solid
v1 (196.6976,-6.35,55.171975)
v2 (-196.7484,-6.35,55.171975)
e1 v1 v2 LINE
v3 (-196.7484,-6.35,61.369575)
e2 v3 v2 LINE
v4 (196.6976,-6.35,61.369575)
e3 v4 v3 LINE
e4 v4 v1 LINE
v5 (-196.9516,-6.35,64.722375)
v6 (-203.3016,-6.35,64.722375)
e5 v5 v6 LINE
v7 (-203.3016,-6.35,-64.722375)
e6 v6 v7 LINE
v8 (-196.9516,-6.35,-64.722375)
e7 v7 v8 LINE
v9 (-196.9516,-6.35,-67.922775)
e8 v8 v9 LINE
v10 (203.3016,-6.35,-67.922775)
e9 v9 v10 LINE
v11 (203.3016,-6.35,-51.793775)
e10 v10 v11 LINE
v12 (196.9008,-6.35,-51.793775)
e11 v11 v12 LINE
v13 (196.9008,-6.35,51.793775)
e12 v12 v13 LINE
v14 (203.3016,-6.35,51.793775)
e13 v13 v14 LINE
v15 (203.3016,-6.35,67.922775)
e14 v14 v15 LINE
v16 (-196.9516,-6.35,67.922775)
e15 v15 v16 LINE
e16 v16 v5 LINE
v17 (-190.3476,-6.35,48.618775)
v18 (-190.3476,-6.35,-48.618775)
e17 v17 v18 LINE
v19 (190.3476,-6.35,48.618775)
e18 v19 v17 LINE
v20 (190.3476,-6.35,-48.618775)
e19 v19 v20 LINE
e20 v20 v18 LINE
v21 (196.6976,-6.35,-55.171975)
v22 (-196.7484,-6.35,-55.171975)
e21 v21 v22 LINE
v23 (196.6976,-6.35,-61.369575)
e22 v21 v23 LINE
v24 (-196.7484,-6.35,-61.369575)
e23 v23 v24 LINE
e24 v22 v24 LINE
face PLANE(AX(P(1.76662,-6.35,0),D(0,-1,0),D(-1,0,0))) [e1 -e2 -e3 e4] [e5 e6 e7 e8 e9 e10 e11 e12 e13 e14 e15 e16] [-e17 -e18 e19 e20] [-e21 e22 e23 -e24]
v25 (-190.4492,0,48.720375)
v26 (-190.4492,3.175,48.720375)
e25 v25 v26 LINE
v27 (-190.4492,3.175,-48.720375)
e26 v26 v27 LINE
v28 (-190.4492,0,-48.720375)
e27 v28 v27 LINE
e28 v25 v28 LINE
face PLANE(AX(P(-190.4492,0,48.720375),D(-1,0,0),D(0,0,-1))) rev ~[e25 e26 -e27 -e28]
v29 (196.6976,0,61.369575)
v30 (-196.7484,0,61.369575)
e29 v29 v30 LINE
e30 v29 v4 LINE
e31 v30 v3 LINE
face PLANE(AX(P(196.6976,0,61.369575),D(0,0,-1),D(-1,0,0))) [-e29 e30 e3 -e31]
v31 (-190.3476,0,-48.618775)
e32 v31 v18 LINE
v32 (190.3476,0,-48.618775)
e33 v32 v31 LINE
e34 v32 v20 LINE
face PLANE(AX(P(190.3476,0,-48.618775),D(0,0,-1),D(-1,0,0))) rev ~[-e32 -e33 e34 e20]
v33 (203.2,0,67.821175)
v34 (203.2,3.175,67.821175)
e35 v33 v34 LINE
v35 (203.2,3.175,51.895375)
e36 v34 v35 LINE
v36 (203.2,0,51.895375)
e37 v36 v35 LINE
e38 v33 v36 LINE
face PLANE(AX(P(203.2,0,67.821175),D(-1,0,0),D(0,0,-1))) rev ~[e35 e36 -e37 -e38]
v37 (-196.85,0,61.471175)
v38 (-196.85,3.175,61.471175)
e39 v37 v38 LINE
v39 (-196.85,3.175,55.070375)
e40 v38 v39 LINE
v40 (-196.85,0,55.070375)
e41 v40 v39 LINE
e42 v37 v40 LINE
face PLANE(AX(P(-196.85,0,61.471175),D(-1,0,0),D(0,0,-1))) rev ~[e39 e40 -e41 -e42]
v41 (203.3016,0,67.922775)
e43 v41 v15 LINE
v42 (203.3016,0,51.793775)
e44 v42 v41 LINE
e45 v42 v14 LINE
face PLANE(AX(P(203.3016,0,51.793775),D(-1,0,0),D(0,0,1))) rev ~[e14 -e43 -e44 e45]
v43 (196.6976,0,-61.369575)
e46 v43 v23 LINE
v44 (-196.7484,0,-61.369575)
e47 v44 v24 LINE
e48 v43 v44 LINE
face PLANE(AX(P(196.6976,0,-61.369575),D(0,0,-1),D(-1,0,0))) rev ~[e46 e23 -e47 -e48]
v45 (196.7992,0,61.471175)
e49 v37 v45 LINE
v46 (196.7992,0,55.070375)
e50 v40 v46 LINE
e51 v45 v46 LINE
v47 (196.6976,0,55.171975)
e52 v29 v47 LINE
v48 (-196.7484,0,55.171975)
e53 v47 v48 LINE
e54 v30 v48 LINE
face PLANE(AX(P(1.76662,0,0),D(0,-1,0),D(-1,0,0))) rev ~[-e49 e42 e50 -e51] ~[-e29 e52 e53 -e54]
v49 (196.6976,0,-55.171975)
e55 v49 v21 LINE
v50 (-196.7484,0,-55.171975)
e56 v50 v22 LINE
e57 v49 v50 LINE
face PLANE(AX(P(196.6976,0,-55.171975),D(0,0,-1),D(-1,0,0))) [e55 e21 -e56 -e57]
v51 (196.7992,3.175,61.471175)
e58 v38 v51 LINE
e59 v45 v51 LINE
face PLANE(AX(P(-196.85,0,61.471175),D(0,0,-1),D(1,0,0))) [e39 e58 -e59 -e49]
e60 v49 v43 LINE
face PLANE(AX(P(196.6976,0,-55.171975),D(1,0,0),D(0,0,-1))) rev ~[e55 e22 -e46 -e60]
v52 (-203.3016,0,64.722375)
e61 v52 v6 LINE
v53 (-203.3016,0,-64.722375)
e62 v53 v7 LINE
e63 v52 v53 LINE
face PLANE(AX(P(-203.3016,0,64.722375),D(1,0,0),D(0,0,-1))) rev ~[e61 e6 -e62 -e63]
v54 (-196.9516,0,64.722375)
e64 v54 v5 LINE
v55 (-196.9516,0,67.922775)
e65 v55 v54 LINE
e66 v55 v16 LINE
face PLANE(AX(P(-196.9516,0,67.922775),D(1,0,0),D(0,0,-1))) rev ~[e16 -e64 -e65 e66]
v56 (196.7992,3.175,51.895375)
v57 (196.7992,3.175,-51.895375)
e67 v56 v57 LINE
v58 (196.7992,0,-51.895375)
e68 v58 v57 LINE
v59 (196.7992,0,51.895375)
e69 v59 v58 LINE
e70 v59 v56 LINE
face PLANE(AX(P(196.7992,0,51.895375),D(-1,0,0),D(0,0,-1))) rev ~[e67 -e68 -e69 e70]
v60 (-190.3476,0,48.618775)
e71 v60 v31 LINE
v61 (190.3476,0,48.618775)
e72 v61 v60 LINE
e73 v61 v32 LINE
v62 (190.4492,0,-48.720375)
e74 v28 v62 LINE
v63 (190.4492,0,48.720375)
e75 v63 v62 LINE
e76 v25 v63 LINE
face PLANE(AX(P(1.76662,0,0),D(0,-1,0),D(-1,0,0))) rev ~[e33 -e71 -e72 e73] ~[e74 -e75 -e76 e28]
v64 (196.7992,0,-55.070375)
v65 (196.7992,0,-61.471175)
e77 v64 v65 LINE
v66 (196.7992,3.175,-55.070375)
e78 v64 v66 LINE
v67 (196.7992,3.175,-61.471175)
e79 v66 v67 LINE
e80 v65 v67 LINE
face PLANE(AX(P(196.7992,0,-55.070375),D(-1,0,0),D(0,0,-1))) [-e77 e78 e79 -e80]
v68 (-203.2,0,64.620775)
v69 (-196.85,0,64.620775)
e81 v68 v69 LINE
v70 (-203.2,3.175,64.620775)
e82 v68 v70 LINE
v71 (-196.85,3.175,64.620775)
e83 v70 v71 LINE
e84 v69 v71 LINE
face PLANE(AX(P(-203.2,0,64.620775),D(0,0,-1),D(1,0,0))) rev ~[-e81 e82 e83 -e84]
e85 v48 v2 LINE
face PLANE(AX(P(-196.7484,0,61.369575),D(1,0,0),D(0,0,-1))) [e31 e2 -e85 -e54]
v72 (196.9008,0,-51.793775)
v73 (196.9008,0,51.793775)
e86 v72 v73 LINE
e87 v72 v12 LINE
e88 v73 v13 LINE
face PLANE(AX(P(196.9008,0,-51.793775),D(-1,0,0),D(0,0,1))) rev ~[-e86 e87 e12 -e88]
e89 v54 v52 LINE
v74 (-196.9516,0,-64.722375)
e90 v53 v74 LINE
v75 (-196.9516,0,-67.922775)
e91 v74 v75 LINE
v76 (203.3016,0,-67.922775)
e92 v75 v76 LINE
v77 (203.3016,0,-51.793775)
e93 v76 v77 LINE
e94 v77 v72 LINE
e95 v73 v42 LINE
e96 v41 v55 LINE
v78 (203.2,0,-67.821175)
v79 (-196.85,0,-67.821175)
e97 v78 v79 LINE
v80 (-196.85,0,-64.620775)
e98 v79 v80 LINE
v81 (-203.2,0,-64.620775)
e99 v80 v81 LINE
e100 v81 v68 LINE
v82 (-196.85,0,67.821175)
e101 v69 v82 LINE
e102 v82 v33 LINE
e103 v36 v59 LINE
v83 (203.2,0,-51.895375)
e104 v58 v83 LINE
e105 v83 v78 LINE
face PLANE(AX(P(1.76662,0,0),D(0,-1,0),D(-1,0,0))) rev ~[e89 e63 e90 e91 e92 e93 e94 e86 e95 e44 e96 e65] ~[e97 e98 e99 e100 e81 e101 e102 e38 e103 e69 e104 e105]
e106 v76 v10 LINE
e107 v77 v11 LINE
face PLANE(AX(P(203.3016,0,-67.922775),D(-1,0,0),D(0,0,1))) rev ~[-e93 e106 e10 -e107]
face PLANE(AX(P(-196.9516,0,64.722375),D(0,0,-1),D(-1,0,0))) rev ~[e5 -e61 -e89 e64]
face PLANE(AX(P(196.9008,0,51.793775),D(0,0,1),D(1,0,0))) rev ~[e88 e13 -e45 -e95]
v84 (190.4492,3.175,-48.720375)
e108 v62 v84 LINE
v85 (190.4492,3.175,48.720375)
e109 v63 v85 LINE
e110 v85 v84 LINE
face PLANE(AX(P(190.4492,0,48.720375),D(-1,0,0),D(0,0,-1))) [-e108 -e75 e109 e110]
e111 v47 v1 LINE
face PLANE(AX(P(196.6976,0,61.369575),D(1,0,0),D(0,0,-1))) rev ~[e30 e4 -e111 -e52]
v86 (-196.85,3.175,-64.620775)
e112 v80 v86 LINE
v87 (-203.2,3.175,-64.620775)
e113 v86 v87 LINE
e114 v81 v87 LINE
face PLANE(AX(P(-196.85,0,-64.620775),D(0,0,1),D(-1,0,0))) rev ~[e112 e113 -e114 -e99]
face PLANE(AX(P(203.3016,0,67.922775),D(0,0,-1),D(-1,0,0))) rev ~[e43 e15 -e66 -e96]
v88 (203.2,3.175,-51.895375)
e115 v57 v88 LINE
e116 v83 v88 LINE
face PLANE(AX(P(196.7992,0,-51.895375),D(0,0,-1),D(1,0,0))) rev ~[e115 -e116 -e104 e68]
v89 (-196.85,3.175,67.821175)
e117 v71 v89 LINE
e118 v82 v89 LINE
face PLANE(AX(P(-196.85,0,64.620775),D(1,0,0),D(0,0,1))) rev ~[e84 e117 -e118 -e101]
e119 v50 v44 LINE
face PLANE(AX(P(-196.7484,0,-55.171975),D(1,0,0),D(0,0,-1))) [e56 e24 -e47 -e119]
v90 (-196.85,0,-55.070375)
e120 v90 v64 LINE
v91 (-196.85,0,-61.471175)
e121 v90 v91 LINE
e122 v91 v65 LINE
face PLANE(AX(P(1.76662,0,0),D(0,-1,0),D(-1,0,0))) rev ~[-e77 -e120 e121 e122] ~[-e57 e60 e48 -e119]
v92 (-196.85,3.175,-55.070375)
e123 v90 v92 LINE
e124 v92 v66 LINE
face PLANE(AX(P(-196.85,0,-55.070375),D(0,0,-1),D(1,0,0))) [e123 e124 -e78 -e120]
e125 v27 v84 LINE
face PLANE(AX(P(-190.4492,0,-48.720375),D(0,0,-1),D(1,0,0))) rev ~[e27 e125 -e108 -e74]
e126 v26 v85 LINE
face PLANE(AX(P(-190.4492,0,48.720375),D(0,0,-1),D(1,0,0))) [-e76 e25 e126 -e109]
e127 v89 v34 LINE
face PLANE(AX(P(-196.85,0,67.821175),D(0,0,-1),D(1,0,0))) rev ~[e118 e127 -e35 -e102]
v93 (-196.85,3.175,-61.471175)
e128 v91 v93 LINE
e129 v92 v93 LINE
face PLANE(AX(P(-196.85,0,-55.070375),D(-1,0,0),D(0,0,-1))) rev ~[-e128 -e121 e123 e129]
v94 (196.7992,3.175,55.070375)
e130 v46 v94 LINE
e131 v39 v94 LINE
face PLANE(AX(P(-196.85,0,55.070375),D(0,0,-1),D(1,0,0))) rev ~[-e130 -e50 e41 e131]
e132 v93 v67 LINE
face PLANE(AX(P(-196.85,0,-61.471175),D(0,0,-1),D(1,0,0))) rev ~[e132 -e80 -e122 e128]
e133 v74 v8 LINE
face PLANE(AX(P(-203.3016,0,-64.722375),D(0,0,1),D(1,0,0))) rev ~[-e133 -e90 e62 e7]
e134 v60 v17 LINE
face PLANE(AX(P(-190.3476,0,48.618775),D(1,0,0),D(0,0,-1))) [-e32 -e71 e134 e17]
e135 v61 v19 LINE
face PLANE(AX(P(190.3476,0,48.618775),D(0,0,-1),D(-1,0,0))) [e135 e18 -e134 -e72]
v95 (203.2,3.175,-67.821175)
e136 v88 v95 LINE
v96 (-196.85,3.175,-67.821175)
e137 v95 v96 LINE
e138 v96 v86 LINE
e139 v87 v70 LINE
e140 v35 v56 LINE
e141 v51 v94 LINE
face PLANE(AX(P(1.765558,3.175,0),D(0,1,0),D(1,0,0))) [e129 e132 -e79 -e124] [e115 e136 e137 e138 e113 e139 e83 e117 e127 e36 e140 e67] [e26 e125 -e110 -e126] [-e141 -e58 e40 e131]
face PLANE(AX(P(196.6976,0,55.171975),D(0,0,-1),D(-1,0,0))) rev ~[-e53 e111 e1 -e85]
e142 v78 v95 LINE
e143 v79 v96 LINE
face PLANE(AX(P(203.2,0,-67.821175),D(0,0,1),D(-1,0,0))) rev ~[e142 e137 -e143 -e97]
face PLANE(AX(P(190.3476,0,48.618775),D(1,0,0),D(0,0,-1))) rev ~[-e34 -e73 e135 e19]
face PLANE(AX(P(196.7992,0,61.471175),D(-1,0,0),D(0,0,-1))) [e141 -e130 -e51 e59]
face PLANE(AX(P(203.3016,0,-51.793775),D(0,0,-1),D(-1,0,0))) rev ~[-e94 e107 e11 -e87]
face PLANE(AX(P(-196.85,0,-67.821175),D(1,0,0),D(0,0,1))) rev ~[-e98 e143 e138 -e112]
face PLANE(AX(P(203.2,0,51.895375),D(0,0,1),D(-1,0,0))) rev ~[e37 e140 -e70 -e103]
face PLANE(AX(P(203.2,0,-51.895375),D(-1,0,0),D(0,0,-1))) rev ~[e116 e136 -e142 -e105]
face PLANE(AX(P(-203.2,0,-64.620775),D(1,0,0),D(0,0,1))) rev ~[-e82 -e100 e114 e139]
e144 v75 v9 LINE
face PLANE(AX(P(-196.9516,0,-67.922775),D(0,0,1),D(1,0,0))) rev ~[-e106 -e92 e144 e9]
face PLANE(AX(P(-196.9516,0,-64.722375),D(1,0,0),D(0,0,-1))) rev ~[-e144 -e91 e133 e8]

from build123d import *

# Parameters (mm, degrees)
SKETCH1_W           = 393.6492
SKETCH1_H           = 6.4008
SKETCH1_W_2         = 380.8984
SKETCH1_H_2         = 97.44075
BOSS_EXTRUDE1_DEPTH = 3.175
SKETCH5_W           = 393.446
SKETCH5_H           = 6.1976
SKETCH5_W_2         = 380.6952
SKETCH5_H_2         = 97.23755
BOSS_EXTRUDE4_DEPTH = 6.35


with BuildPart() as part:
    # Sketch1 → Boss-Extrude1 (new body)
    with BuildSketch(Plane(origin=(0, 0, 0), x_dir=(1, 0, 0), z_dir=(0, 1, 0))):
        Polygon((-203.2, 64.620775), (-203.2, -64.620775), (-196.85, -64.620775), (-196.85, -67.821175), (203.2, -67.821175), (203.2, -51.895375), (196.7992, -51.895375), (196.7992, 51.895375), (203.2, 51.895375), (203.2, 67.821175), (-196.85, 67.821175), (-196.85, 64.620775), align=None)
        with Locations((-0.0254, 58.270775)):
            Rectangle(SKETCH1_W, SKETCH1_H, mode=Mode.SUBTRACT)
        with Locations((-0.0254, -58.270775)):
            Rectangle(SKETCH1_W, SKETCH1_H, mode=Mode.SUBTRACT)
        Rectangle(SKETCH1_W_2, SKETCH1_H_2, mode=Mode.SUBTRACT)
    extrude(amount=BOSS_EXTRUDE1_DEPTH)

    # Sketch5 → Boss-Extrude4 (add)
    with BuildSketch(Plane(origin=(0, 0, 0), x_dir=(-1, 0, 0), z_dir=(0, -1, 0))):
        Polygon((-203.3016, -51.793775), (-203.3016, -67.922775), (196.9516, -67.922775), (196.9516, -64.722375), (203.3016, -64.722375), (203.3016, 64.722375), (196.9516, 64.722375), (196.9516, 67.922775), (-203.3016, 67.922775), (-203.3016, 51.793775), (-196.9008, 51.793775), (-196.9008, -51.793775), align=None)
        with Locations((0.0254, 58.270775)):
            Rectangle(SKETCH5_W, SKETCH5_H, mode=Mode.SUBTRACT)
        Rectangle(SKETCH5_W_2, SKETCH5_H_2, mode=Mode.SUBTRACT)
        with Locations((0.0254, -58.270775)):
            Rectangle(SKETCH5_W, SKETCH5_H, mode=Mode.SUBTRACT)
    extrude(amount=BOSS_EXTRUDE4_DEPTH)


solid = part.part
